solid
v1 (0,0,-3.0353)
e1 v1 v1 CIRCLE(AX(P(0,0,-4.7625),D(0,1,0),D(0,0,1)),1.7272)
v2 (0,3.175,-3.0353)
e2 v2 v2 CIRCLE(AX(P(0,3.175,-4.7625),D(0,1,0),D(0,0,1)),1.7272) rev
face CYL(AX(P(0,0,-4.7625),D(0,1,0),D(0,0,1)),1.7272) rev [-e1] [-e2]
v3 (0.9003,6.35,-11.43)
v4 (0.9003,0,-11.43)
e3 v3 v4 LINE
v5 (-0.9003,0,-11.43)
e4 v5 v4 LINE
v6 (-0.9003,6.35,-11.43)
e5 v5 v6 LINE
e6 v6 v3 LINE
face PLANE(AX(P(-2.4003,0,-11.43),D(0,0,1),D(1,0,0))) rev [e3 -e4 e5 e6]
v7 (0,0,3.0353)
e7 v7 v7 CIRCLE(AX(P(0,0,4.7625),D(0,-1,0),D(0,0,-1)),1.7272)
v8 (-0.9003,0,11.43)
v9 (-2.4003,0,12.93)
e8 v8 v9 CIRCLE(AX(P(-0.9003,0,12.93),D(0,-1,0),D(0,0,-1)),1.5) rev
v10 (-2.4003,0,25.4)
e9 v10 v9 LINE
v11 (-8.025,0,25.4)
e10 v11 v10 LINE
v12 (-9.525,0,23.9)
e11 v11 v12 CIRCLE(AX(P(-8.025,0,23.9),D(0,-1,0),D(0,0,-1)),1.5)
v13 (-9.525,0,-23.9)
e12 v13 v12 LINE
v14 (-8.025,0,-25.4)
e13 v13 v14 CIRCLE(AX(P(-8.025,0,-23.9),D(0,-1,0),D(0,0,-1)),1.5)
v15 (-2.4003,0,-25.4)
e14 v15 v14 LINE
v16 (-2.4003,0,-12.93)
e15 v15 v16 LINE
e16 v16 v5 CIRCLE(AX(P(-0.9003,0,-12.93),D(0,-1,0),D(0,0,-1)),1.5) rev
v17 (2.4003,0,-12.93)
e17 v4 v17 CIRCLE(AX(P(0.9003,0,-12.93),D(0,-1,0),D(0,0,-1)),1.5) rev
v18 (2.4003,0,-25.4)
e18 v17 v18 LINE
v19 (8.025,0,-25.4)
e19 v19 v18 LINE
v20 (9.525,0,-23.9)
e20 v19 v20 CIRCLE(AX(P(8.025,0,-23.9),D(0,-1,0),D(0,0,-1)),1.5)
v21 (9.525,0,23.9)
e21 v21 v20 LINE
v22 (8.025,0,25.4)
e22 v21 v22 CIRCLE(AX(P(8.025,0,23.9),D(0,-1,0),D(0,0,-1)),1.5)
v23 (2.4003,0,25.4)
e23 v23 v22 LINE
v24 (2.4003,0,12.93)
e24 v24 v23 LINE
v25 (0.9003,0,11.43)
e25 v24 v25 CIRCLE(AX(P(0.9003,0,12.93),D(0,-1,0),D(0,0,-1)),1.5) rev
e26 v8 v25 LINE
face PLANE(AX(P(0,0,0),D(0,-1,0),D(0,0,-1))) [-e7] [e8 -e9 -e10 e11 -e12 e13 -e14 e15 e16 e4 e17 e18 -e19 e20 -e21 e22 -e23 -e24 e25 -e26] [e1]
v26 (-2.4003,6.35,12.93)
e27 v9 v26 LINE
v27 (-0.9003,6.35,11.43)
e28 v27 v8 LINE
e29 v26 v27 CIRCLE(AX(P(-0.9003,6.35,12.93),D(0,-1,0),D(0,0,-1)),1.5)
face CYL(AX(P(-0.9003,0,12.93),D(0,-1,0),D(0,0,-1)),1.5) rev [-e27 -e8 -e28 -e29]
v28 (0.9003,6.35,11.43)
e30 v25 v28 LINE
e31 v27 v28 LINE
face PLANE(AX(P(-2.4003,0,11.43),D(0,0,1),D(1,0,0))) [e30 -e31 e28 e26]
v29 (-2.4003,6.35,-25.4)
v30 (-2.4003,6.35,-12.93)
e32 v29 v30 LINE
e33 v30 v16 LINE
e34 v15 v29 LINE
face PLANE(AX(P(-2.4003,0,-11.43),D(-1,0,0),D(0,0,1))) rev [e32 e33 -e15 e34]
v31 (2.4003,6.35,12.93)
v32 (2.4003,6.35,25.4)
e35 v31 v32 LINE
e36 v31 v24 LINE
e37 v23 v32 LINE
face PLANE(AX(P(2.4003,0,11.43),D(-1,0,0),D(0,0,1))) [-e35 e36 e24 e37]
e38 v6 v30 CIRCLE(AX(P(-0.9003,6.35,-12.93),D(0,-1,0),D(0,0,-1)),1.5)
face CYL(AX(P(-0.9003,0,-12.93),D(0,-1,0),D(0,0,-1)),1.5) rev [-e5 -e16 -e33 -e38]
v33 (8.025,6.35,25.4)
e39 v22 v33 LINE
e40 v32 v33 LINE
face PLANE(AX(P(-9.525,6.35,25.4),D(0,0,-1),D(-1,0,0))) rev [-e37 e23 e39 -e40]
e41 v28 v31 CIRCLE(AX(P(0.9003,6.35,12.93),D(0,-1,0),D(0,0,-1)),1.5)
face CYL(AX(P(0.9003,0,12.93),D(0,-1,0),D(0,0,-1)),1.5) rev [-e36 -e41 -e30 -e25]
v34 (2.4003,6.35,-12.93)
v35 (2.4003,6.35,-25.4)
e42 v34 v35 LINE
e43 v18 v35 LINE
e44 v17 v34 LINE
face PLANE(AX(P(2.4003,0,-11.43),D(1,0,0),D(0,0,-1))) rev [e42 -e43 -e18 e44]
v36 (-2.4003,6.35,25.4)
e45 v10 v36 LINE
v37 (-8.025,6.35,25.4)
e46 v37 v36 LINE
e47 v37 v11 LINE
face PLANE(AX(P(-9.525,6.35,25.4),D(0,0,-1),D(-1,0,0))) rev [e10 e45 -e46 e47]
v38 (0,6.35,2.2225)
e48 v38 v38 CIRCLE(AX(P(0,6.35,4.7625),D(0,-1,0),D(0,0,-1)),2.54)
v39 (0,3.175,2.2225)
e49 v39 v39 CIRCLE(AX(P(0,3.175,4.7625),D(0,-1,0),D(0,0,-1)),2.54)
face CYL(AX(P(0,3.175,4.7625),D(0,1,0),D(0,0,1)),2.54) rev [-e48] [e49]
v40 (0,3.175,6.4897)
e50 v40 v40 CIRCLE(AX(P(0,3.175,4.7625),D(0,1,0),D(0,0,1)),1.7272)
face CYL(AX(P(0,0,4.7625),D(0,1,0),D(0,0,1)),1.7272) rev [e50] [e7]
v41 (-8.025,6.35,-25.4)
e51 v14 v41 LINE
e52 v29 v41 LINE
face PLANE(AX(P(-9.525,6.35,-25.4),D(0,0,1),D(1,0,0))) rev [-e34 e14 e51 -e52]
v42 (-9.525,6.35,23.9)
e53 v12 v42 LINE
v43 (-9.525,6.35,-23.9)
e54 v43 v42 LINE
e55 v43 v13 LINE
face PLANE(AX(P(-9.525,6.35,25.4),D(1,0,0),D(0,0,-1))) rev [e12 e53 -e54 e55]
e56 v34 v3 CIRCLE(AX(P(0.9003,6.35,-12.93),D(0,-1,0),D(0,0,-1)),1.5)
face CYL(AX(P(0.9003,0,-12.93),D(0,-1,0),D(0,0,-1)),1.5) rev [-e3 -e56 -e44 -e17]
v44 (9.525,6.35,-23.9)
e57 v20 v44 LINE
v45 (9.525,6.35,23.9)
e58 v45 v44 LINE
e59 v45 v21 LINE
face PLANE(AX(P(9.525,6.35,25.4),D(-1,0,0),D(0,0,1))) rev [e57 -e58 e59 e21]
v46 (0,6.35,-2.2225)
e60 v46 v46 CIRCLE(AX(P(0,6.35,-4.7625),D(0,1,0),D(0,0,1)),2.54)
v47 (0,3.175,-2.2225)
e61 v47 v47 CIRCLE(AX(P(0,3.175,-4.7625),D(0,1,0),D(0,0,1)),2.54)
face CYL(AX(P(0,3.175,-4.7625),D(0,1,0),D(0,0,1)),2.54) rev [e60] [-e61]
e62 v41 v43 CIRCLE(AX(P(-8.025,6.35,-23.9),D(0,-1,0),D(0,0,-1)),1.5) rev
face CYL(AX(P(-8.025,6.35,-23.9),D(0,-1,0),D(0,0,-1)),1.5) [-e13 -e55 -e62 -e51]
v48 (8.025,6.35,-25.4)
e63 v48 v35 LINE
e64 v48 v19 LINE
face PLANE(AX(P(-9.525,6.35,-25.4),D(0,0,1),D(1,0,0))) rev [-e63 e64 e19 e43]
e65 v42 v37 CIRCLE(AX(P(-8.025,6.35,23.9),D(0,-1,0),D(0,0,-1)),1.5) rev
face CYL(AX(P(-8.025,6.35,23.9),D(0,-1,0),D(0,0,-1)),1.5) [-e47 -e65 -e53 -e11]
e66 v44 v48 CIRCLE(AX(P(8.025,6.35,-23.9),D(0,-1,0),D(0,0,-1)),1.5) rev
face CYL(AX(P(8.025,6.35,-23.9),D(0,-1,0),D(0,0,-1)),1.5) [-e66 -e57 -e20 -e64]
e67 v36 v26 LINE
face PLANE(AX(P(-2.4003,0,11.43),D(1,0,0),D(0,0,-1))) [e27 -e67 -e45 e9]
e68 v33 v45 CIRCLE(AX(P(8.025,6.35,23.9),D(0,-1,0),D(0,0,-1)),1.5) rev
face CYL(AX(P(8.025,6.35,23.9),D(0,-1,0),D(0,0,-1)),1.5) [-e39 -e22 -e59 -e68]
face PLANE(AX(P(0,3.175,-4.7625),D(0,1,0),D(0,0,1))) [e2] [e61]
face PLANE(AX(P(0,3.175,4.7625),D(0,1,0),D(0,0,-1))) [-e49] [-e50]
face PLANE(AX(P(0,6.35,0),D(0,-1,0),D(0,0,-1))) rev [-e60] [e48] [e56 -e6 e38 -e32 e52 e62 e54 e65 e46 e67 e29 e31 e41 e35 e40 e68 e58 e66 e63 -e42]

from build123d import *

# Parameters (mm, degrees)
SKETCH1_W           = 19.05
SKETCH1_H           = 50.8
BOSS_EXTRUDE1_DEPTH = 6.35
CUT_EXTRUDE1_START  = -7.35
SKETCH2_R           = 1.7272
CUT_EXTRUDE1_DEPTH  = 8.35
SKETCH3_R           = 2.54
CUT_EXTRUDE2_DEPTH  = 3.175
SKETCH4_W           = 4.8006
SKETCH4_H           = 13.97
CUT_EXTRUDE3_DEPTH  = 7.35
FILLET2_R           = 1.5


with BuildPart() as part:
    # Sketch1 → Boss-Extrude1 (new body)
    with BuildSketch(Plane(origin=(0, 0, 0), x_dir=(1, 0, 0), z_dir=(0, 1, 0))):
        Rectangle(SKETCH1_W, SKETCH1_H)
    extrude(amount=BOSS_EXTRUDE1_DEPTH)

    # Sketch2 → Cut-Extrude1 (cut)
    with BuildSketch(Plane(origin=(0, 6.35, 0), x_dir=(1, 0, 0), z_dir=(0, 1, 0)).offset(CUT_EXTRUDE1_START)):
        with Locations((0, 4.7625)):
            Circle(SKETCH2_R)
    cut_extrude1 = extrude(amount=CUT_EXTRUDE1_DEPTH, mode=Mode.SUBTRACT)

    # Sketch3 → Cut-Extrude2 (cut)
    with BuildSketch(Plane(origin=(0, 6.35, 0), x_dir=(1, 0, 0), z_dir=(0, 1, 0))):
        with Locations((0, 4.7625)):
            Circle(SKETCH3_R)
    cut_extrude2 = extrude(amount=-CUT_EXTRUDE2_DEPTH, mode=Mode.SUBTRACT)

    # Sketch4 → Cut-Extrude3 (cut, through all)
    with BuildSketch(Plane(origin=(0, 6.35, 0), x_dir=(1, 0, 0), z_dir=(0, 1, 0))):
        with Locations((0, 18.415)):
            Rectangle(SKETCH4_W, SKETCH4_H)
    cut_extrude3 = extrude(amount=-CUT_EXTRUDE3_DEPTH, mode=Mode.SUBTRACT)

    # Mirror1: Cut-Extrude1, Cut-Extrude2, Cut-Extrude3 across plane
    add(cut_extrude1.mirror(Plane.XY), mode=Mode.SUBTRACT)
    add(cut_extrude2.mirror(Plane.XY), mode=Mode.SUBTRACT)
    add(cut_extrude3.mirror(Plane.XY), mode=Mode.SUBTRACT)

    # Fillet2
    fillet2_edges = [part.edges().sort_by_distance(p)[0] for p in [
        (2.4003, 3.175, -11.43),
        (-2.4003, 3.175, -11.43),
        (2.4003, 3.175, 11.43),
        (-2.4003, 3.175, 11.43),
        (9.525, 3.175, 25.4),
        (-9.525, 3.175, 25.4),
        (-9.525, 3.175, -25.4),
        (9.525, 3.175, -25.4),
    ]]
    fillet(fillet2_edges, radius=FILLET2_R)


solid = part.part
